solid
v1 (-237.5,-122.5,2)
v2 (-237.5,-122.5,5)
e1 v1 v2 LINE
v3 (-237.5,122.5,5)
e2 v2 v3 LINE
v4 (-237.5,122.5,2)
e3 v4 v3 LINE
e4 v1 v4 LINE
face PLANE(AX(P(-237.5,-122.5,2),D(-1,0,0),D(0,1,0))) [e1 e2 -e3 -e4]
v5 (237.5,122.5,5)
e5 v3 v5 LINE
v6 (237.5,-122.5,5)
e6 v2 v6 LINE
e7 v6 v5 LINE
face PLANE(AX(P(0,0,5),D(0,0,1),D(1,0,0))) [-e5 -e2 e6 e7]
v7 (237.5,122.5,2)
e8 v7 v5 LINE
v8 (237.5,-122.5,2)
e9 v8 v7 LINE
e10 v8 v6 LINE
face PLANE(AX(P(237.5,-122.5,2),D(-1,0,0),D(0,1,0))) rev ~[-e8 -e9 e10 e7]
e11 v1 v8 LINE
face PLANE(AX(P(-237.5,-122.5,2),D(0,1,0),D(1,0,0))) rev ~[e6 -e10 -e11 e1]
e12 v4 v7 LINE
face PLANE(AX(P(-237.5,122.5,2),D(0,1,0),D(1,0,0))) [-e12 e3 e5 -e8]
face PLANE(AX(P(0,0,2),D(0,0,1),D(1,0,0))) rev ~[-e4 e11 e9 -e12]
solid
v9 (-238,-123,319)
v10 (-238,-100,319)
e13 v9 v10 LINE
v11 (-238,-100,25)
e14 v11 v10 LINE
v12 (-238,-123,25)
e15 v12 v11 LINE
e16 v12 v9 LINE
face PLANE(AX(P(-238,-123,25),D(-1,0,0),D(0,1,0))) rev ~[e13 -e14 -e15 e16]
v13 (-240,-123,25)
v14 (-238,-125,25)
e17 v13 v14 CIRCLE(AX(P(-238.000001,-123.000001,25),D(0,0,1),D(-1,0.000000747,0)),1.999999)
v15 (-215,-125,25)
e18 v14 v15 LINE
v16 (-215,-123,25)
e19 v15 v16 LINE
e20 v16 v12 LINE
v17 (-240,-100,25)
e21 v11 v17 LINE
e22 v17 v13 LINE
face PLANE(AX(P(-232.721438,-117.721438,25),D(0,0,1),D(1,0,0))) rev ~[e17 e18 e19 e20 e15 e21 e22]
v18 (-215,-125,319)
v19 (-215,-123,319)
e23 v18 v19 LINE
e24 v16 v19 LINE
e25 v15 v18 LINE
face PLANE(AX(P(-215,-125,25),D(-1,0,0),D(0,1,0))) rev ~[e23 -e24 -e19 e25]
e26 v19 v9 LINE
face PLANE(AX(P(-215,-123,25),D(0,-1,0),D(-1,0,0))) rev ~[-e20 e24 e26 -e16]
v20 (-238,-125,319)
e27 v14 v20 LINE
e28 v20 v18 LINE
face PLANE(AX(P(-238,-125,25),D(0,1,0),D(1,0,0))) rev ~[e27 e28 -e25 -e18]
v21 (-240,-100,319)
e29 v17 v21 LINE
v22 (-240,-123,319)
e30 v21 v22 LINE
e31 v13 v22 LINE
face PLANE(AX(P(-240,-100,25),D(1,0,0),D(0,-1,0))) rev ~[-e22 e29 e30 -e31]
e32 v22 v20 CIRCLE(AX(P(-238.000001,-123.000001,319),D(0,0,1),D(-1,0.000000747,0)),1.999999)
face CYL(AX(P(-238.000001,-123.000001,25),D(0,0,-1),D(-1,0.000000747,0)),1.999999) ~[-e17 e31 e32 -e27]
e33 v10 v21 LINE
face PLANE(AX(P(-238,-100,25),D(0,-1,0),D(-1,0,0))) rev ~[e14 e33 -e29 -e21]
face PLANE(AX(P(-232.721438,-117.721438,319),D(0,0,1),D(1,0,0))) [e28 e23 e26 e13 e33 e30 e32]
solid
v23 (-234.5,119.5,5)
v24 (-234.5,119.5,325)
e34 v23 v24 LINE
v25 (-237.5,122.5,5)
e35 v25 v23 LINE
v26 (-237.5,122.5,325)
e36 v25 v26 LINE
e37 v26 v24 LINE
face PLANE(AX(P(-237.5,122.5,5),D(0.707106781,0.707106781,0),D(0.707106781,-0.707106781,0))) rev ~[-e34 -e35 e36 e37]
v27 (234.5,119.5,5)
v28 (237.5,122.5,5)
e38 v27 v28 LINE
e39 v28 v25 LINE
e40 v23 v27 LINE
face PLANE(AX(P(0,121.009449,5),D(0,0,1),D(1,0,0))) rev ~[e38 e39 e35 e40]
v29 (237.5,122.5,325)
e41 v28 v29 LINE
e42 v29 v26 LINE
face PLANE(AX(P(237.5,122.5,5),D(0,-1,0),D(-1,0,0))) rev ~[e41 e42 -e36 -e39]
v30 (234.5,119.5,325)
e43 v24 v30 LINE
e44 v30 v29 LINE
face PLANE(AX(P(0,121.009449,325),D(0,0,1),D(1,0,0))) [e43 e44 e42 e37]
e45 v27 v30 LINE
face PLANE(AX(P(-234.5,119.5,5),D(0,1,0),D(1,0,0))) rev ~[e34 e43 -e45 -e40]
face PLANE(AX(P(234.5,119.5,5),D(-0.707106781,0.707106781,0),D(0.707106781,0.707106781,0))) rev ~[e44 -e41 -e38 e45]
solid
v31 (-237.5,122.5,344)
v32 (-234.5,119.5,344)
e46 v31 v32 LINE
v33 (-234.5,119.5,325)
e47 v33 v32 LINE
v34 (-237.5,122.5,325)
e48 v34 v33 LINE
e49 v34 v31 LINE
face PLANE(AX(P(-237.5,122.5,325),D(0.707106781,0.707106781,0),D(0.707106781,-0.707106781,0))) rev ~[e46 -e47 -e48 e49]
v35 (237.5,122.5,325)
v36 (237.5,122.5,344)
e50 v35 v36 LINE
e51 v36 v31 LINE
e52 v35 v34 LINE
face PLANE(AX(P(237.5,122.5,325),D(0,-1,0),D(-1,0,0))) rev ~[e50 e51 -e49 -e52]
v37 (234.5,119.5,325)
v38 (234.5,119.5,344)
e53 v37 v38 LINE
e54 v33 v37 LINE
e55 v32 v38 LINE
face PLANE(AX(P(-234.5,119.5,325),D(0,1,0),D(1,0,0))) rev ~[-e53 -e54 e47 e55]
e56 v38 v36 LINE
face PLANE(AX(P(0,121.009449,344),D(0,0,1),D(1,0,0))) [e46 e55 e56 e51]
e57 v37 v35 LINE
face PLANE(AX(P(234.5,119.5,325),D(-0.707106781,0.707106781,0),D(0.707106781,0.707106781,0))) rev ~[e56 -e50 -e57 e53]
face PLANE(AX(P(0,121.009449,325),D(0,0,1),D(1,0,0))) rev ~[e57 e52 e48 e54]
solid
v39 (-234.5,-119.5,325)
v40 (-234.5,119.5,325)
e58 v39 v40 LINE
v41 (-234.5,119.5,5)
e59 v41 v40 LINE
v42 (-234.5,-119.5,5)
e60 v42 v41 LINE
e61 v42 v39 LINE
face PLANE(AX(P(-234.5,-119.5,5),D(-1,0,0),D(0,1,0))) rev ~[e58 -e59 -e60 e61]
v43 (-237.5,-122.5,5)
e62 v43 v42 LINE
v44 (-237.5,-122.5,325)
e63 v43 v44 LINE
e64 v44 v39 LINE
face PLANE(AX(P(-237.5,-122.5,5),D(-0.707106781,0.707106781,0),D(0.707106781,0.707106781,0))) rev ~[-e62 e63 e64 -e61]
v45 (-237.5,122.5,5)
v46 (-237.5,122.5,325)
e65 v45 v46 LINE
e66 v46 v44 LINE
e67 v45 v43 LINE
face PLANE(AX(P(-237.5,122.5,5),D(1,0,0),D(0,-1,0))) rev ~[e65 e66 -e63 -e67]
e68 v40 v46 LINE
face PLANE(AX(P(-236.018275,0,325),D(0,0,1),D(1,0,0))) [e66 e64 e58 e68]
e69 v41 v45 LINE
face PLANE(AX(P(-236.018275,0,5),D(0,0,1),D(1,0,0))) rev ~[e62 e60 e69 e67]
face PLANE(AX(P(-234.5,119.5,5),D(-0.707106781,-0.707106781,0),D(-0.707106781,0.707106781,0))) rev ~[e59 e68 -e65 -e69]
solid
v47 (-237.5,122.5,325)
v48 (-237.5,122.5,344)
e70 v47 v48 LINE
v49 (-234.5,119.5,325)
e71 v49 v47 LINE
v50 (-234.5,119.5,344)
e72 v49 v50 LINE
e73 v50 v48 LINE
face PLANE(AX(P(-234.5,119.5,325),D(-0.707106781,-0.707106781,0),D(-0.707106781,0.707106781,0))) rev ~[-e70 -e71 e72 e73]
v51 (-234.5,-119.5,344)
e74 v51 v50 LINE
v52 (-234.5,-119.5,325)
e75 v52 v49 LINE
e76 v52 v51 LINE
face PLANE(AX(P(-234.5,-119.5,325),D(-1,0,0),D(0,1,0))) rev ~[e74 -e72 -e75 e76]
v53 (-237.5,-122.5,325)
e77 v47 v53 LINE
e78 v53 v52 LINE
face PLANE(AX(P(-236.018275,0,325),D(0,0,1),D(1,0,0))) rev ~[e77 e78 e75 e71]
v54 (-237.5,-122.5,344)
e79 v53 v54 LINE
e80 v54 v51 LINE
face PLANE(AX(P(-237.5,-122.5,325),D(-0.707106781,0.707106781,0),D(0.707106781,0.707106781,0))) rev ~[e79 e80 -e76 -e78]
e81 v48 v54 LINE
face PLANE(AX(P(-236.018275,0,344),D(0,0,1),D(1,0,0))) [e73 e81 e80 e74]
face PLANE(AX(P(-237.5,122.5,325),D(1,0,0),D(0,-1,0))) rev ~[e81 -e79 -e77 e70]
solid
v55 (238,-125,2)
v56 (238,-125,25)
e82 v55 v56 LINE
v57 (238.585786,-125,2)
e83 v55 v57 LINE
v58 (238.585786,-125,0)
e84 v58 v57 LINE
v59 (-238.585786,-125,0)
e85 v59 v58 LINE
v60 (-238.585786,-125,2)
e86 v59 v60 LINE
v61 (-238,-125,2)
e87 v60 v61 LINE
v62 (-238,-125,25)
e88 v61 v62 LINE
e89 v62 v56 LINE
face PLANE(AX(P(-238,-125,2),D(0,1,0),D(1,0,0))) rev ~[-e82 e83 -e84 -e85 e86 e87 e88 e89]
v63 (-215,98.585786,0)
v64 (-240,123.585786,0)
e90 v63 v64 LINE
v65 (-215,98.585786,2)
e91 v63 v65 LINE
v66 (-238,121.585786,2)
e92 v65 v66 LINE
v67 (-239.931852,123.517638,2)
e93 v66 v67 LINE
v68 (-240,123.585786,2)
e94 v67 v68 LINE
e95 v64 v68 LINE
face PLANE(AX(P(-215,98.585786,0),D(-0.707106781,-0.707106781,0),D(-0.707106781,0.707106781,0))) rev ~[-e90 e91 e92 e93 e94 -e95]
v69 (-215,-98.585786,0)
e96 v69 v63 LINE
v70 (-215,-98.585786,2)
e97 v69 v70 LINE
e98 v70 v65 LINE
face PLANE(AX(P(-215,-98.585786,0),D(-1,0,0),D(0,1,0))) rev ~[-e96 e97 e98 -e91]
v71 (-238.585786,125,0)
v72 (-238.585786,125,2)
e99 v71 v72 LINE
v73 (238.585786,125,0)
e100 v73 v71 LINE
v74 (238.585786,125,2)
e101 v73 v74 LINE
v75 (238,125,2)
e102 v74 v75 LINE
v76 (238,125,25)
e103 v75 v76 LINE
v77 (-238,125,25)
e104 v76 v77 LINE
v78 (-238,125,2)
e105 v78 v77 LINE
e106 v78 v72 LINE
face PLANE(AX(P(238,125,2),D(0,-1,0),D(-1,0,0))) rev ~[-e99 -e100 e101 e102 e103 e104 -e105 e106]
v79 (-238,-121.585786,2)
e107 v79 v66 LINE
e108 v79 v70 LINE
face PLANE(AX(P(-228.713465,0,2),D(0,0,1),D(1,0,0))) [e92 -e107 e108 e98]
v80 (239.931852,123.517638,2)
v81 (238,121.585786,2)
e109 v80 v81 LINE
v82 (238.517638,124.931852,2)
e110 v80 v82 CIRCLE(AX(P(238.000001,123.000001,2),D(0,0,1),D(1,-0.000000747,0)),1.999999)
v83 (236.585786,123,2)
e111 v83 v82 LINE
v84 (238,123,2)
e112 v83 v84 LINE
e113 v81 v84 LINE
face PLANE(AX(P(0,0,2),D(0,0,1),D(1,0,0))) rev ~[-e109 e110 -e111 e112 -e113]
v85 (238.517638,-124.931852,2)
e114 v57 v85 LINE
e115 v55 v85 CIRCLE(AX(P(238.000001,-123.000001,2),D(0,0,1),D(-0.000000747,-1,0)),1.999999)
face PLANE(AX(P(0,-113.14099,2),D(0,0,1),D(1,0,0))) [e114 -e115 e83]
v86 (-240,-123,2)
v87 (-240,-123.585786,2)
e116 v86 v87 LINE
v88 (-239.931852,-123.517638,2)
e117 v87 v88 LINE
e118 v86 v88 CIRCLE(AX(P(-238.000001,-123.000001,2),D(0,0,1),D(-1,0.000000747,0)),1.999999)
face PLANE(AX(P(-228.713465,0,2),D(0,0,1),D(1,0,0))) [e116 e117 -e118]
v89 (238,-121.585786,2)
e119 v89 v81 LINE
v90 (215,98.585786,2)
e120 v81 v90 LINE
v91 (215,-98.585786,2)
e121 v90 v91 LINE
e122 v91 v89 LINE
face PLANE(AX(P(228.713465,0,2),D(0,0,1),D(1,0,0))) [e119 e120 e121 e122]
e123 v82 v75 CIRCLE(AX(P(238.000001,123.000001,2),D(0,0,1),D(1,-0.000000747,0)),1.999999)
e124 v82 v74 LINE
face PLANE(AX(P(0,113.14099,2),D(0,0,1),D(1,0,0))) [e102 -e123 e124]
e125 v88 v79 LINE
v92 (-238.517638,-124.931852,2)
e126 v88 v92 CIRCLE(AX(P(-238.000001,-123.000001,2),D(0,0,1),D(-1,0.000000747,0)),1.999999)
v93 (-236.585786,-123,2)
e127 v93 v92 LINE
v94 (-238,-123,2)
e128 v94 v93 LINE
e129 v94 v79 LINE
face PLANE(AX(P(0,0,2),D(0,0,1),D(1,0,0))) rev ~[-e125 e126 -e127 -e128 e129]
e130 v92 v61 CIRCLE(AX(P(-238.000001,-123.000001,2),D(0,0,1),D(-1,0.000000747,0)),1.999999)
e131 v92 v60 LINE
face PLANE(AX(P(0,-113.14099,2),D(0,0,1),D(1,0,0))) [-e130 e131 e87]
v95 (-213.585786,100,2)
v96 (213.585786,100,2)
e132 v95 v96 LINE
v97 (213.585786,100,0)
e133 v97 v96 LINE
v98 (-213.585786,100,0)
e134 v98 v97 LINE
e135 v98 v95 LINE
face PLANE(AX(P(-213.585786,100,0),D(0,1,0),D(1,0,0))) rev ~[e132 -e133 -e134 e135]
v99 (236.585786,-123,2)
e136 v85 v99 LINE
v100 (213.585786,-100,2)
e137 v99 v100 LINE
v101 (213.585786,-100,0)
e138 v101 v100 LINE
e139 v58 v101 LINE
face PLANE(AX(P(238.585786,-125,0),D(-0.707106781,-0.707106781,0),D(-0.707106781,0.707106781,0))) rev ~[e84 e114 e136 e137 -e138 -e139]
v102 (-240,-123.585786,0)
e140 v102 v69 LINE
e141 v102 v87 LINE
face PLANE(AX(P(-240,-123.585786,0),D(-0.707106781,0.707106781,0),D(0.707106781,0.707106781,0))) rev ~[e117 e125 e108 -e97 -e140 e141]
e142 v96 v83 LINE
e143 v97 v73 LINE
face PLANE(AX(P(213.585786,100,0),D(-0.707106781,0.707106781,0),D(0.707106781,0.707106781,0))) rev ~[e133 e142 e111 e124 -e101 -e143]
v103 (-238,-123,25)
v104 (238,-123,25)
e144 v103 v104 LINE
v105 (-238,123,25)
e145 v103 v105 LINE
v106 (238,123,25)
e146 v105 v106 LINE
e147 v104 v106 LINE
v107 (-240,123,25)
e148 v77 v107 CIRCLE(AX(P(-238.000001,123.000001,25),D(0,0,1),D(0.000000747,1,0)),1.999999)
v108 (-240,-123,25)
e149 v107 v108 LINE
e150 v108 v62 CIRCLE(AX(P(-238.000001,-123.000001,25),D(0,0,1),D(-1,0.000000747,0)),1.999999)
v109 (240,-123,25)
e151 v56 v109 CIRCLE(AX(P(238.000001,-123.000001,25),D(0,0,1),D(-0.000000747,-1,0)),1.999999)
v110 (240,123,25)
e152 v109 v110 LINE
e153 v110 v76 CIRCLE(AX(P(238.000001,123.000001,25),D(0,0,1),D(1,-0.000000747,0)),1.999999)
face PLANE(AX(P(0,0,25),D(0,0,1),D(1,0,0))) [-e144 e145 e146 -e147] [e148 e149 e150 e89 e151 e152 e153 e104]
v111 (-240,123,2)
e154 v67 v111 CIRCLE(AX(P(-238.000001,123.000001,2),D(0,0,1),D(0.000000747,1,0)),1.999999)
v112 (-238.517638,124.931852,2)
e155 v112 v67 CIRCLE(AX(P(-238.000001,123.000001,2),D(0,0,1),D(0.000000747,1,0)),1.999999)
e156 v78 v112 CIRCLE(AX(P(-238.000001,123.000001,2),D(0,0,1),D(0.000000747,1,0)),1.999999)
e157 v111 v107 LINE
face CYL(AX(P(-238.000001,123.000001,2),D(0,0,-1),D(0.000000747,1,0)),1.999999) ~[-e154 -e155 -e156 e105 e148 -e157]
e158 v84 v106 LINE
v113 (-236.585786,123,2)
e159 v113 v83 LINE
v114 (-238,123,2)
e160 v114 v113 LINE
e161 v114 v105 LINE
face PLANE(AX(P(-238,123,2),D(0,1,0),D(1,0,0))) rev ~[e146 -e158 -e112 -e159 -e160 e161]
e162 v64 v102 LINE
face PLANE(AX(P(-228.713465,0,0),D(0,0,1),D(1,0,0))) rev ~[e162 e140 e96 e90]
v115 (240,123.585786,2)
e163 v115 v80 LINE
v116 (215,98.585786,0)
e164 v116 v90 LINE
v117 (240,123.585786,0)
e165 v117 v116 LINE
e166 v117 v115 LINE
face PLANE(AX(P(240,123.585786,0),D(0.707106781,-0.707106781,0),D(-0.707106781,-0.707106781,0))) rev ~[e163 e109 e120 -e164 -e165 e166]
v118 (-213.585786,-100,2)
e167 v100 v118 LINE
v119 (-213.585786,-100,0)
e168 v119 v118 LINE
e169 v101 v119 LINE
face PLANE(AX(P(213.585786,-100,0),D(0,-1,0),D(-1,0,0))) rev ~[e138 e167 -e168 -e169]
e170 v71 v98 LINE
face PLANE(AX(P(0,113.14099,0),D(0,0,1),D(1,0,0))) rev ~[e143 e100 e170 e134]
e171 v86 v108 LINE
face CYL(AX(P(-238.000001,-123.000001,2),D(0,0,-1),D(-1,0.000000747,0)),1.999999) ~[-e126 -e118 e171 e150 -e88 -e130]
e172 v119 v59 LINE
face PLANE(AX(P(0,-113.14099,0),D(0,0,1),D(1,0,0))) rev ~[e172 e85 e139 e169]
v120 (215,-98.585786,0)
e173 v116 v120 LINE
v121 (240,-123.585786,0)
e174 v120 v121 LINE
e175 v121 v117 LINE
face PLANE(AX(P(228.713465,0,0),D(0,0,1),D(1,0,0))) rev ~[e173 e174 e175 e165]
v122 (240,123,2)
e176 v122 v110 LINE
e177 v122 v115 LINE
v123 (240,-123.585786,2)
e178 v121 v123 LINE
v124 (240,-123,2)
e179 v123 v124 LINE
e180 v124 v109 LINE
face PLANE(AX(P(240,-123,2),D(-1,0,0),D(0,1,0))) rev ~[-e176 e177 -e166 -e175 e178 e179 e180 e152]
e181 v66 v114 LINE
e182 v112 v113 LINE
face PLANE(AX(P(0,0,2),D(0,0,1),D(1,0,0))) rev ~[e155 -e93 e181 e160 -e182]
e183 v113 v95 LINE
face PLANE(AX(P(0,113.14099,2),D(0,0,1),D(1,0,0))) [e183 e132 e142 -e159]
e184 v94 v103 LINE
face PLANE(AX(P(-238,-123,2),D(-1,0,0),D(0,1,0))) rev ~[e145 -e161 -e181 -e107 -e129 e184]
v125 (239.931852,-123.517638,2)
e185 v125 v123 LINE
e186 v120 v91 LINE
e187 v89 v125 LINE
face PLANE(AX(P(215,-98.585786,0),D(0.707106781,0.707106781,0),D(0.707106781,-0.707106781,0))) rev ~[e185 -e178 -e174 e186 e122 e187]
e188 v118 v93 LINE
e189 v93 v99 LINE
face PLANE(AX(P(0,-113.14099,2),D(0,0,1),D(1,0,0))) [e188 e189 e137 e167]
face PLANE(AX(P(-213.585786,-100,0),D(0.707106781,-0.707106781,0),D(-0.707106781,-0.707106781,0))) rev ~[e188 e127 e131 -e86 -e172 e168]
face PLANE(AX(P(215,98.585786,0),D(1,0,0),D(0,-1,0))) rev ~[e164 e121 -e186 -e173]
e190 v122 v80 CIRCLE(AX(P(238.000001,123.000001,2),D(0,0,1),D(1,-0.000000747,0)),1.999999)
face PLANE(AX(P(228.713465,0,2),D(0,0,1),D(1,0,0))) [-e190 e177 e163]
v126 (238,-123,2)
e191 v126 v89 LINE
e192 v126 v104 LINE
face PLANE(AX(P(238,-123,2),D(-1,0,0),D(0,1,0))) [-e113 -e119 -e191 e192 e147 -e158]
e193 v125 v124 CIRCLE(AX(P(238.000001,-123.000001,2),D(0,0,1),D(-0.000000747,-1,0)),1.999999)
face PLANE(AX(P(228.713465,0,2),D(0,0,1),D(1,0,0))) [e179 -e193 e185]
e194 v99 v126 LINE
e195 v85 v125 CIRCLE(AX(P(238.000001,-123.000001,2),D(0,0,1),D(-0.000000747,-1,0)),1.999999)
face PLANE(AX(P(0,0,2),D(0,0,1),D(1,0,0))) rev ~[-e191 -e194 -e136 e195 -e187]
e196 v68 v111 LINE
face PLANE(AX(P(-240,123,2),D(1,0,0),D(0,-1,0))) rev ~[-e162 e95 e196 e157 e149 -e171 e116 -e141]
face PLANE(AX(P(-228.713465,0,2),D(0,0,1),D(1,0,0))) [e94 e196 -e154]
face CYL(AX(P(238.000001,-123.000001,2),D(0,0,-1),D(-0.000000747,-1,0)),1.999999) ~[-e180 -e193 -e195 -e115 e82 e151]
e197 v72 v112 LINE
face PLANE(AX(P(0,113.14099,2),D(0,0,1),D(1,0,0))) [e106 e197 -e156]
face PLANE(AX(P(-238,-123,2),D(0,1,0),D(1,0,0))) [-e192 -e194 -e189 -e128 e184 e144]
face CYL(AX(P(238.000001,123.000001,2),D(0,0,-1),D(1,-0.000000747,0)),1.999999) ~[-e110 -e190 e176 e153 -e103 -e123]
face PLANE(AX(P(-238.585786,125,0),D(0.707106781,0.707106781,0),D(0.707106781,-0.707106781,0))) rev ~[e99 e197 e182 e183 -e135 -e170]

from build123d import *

# Parameters (mm, degrees)
F1_DEPTH  = 2
F3_W      = 476
F3_H      = 246
F4_DEPTH  = 23
F5_W      = 475
F5_H      = 245
F6_DEPTH  = 3
F7_DEPTH  = 25
F10_DEPTH = 320
F12_DEPTH = 320
F14_DEPTH = 294
F16_DEPTH = 19
F18_DEPTH = 19


with BuildPart() as f1:
    # F0 (on Top) → F1 (new body)
    with BuildSketch(Plane.XY):
        Polygon((238.585786, 125), (-238.585786, 125), (-213.585786, 100), (213.585786, 100), align=None)
        Polygon((240, -123.585786), (240, 123.585786), (215, 98.585786), (215, -98.585786), align=None)
        Polygon((-238.585786, -125), (238.585786, -125), (213.585786, -100), (-213.585786, -100), align=None)
        Polygon((-240, 123.585786), (-240, -123.585786), (-215, -98.585786), (-215, 98.585786), align=None)
    extrude(amount=F1_DEPTH)

    # F3 (on face) → F4 (join)
    with BuildSketch(Plane.XY.offset(2)):
        with BuildLine():
            Line((238, 125), (-238, 125))
            ThreePointArc((-238, 125), (-239.414214, 124.414214), (-240, 123))
            Line((-240, 123), (-240, -123))
            ThreePointArc((-240, -123), (-239.414214, -124.414214), (-238, -125))
            Line((-238, -125), (238, -125))
            ThreePointArc((238, -125), (239.414214, -124.414214), (240, -123))
            Line((240, -123), (240, 123))
            ThreePointArc((240, 123), (239.414214, 124.414214), (238, 125))
        make_face()
        Rectangle(F3_W, F3_H, mode=Mode.SUBTRACT)
    extrude(amount=F4_DEPTH)


with BuildPart() as f6:
    # F5 (on face) → F6 (new body)
    with BuildSketch(Plane.XY.offset(2)):
        Rectangle(F5_W, F5_H)
    extrude(amount=F6_DEPTH)


with BuildPart() as f7:
    # F3 (on face) → F7 (new body)
    with BuildSketch(Plane.XY.offset(2)):
        with BuildLine():
            Line((238, 125), (-238, 125))
            ThreePointArc((-238, 125), (-239.414214, 124.414214), (-240, 123))
            Line((-240, 123), (-240, -123))
            ThreePointArc((-240, -123), (-239.414214, -124.414214), (-238, -125))
            Line((-238, -125), (238, -125))
            ThreePointArc((238, -125), (239.414214, -124.414214), (240, -123))
            Line((240, -123), (240, 123))
            ThreePointArc((240, 123), (239.414214, 124.414214), (238, 125))
        make_face()
        Rectangle(F3_W, F3_H, mode=Mode.SUBTRACT)
    extrude(amount=F7_DEPTH)


with BuildPart() as f10:
    # F9 (on face) → F10 (new body)
    with BuildSketch(Plane.XY.offset(5)):
        Polygon((237.5, 122.5), (-237.5, 122.5), (-234.5, 119.5), (234.5, 119.5), align=None)
    extrude(amount=F10_DEPTH)


with BuildPart() as f12:
    # F11 (on face) → F12 (new body, through all)
    with BuildSketch(Plane.XY.offset(5)):
        Polygon((-234.5, 119.5), (-237.5, 122.5), (-237.5, -122.5), (-234.5, -119.5), align=None)
    extrude(amount=F12_DEPTH)


with BuildPart() as f14:
    # F13 (on face) → F14 (new body)
    with BuildSketch(Plane.XY.offset(25)):
        with BuildLine():
            Line((-240, -100), (-240, -123))
            ThreePointArc((-240, -123), (-239.414214, -124.414214), (-238, -125))
            Line((-238, -125), (-215, -125))
            Line((-215, -125), (-215, -123))
            Line((-215, -123), (-238, -123))
            Line((-238, -123), (-238, -100))
            Line((-238, -100), (-240, -100))
        make_face()
    extrude(amount=F14_DEPTH)


with BuildPart() as f16:
    # F15 (on face) → F16 (new body)
    with BuildSketch(Plane.XY.offset(325)):
        Polygon((234.5, 119.5), (237.5, 122.5), (-237.5, 122.5), (-234.5, 119.5), align=None)
    extrude(amount=F16_DEPTH)


with BuildPart() as f18:
    # F17 (on face) → F18 (new body)
    with BuildSketch(Plane.XY.offset(325)):
        Polygon((-234.5, -119.5), (-234.5, 119.5), (-237.5, 122.5), (-237.5, -122.5), align=None)
    extrude(amount=F18_DEPTH)


solid = Compound([f1.part, f6.part, f10.part, f12.part, f14.part, f16.part, f18.part])
